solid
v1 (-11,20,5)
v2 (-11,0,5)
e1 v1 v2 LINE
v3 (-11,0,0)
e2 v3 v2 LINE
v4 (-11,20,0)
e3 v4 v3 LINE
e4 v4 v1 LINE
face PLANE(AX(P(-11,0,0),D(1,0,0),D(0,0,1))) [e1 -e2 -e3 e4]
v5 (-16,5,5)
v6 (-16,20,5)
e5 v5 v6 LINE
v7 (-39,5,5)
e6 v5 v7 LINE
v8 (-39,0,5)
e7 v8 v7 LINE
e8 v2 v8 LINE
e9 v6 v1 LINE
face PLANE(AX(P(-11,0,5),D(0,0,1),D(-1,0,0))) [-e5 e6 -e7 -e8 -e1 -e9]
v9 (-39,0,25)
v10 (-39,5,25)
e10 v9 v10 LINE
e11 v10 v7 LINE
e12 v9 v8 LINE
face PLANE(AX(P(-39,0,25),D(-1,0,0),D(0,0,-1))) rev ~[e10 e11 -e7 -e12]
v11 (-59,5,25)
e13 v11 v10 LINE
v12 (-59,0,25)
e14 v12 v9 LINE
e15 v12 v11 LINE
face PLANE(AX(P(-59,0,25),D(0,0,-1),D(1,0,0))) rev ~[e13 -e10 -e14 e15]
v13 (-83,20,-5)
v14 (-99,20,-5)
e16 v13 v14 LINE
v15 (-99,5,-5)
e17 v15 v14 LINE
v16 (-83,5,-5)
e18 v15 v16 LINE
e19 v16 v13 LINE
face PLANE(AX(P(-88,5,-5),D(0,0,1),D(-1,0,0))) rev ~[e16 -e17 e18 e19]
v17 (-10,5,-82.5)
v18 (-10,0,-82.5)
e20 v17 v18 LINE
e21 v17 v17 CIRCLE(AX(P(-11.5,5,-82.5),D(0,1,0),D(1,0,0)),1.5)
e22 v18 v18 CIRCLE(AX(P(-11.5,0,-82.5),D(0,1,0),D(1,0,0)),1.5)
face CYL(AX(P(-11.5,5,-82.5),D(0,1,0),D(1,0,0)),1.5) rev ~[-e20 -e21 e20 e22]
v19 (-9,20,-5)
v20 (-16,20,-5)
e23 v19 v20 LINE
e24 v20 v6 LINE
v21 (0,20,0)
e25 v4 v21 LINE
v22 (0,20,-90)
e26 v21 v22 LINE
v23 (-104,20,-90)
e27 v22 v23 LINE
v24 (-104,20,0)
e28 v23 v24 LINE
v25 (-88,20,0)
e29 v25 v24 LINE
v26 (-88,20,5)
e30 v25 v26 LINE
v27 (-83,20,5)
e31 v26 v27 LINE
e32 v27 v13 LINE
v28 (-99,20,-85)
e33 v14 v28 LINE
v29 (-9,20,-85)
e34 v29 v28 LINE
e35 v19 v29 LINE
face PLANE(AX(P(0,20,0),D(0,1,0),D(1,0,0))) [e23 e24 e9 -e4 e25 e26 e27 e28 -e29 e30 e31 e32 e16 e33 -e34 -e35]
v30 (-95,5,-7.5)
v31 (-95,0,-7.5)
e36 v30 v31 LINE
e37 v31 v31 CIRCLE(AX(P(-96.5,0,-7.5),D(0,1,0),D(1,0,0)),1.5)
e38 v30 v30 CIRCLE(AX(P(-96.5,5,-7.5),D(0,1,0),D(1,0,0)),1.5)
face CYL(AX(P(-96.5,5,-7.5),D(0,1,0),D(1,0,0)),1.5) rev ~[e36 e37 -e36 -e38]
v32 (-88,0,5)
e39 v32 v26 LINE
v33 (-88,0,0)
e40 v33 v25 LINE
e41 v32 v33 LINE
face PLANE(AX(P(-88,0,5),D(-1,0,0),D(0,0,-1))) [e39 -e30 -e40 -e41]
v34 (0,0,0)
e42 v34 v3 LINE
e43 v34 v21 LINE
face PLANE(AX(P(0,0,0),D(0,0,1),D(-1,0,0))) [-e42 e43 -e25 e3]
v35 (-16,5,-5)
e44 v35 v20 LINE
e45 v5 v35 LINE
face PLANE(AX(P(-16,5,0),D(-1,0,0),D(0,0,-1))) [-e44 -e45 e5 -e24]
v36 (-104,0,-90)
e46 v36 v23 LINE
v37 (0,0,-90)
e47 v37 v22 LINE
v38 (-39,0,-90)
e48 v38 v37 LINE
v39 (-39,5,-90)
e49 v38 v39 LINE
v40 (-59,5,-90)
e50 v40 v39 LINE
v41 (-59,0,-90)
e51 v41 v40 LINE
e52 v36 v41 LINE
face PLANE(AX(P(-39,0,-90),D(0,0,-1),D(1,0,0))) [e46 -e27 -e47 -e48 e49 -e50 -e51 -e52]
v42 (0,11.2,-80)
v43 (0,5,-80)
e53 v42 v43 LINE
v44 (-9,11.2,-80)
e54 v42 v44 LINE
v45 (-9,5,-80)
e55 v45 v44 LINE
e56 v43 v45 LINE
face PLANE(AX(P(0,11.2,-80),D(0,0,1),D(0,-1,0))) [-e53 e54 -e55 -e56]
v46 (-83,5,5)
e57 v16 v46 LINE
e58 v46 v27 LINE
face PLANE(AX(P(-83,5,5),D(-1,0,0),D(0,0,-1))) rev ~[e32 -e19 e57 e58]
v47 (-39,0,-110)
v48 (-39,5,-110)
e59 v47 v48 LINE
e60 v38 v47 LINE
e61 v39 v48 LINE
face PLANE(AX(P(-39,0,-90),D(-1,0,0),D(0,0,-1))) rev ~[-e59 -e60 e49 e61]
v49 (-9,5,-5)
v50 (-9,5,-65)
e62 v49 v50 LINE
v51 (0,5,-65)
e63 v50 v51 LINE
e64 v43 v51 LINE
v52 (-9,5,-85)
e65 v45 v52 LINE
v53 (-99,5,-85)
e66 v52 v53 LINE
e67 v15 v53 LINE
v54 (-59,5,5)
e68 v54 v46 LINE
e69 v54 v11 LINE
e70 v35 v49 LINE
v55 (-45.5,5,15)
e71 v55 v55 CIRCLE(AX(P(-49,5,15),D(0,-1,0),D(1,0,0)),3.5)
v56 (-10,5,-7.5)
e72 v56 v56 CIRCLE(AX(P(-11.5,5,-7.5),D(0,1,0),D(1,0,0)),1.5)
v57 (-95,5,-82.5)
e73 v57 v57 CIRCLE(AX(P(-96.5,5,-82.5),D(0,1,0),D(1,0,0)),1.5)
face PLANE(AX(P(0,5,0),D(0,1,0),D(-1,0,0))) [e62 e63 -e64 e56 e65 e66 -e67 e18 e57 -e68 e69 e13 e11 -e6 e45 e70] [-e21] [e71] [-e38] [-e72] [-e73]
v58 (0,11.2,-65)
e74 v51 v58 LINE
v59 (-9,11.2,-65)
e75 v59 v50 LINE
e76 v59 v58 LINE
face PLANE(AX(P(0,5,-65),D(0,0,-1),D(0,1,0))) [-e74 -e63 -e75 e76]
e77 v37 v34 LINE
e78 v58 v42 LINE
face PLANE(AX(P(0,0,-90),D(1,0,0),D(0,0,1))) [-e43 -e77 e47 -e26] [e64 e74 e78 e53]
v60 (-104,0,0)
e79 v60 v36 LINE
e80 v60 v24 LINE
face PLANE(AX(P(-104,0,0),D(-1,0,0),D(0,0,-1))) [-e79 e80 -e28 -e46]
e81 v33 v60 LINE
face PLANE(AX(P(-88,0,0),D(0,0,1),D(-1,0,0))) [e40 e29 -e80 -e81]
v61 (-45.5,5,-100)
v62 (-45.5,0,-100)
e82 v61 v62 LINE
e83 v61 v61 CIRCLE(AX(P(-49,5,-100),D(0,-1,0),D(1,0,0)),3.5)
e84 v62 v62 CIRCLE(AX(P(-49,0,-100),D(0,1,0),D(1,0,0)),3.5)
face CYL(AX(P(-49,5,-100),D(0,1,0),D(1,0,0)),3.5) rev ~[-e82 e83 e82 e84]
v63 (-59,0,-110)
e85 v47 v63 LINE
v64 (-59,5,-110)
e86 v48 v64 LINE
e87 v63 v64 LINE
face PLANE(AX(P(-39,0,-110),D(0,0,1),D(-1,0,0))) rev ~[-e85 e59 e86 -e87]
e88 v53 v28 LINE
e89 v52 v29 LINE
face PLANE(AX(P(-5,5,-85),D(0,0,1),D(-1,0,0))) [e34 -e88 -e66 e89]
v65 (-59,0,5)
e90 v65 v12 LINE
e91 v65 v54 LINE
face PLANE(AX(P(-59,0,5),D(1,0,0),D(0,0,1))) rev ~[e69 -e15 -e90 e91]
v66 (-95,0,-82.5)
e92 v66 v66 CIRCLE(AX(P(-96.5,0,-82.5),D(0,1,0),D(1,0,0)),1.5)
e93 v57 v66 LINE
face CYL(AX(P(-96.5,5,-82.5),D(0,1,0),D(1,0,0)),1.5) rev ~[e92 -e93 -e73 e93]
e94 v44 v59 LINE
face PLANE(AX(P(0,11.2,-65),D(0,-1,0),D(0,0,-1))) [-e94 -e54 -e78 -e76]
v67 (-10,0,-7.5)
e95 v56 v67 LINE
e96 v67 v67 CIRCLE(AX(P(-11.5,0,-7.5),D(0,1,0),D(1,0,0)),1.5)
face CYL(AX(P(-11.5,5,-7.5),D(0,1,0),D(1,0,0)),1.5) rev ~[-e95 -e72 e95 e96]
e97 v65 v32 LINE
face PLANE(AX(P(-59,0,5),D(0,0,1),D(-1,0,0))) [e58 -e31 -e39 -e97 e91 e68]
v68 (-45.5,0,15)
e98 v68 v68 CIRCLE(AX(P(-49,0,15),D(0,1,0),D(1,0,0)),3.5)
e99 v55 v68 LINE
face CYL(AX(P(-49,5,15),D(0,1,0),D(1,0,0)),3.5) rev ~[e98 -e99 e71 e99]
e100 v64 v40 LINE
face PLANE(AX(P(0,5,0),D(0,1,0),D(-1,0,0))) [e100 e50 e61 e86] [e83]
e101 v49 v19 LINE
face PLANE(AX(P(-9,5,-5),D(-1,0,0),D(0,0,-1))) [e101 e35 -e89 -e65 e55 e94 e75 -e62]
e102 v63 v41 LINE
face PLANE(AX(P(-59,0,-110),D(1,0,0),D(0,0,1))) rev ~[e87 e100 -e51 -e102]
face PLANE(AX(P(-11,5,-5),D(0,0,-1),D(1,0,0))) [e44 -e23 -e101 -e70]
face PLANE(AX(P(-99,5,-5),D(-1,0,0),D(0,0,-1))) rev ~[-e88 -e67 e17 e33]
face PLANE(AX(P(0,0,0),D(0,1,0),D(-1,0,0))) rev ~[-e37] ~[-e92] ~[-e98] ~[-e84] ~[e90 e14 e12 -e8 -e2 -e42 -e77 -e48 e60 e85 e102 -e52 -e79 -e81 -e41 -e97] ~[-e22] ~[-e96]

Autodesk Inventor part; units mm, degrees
ref_plane "YZ Plane" through (0, 0, 0) normal (1, 0, 0) x (0, 1, 0)
ref_plane "XZ Plane" through (0, 0, 0) normal (0, 1, 0) x (-1, 0, 0)
ref_plane "XY Plane" through (0, 0, 0) normal (0, 0, 1) x (1, 0, 0)
sketch "스케치1" plane through (0, 0, 0) normal (0, 1, 0) x (-1, 0, 0)
  line L0 (0, 0) -> (104, 0)
  line L1 (104, 0) -> (104, -90)
  line L2 (104, -90) -> (0, -90)
  line L3 (0, -90) -> (0, 0)
  line L4 (59, -90) -> (39, -90)
  line L5 (39, -90) -> (39, -110)
  line L6 (39, -110) -> (59, -110)
  line L7 (59, -110) -> (59, -90)
  line L8 (88, 0) -> (11, 0)
  line L9 (11, 0) -> (11, 5)
  line L10 (11, 5) -> (88, 5)
  line L11 (88, 5) -> (88, 0)
  line L12 (39, 5) -> (59, 5)
  line L13 (59, 5) -> (59, 25)
  line L14 (59, 25) -> (39, 25)
  line L15 (39, 25) -> (39, 5)
  point P0 (49, -110)
  point P1 (11, 2.5)
  point P2 (88, 2.5)
  dimension "d0" = 90
  dimension "d1" = 104
  dimension "d2" = 39
  dimension "d3" = 59
  dimension "d4" = 20
  dimension "d5" = 5
  dimension "d6" = 11
  dimension "d7" = 16
  dimension "d8" = 39
  dimension "d9" = 59
  dimension "d10" = 20
extrude "돌출1" add sketch "스케치1" along normal blind 5
sketch "스케치2" plane through (0, 5, 0) normal (0, 1, 0) x (1, 0, 0)
  line L0 (-88, -5) -> (-59, -5) projected
  line L1 (-88, -5) -> (-83, -5)
  line L2 (-83, -5) -> (-83, 5)
  line L3 (-83, 5) -> (-88, 5)
  line L4 (-88, 5) -> (-88, -5)
  line L5 (-104, 90) -> (-104, 0) projected
  line L6 (-104, 0) -> (-83, 0)
  line L7 (-83, 0) -> (-83, 5)
  line L8 (-83, 5) -> (-104, 5)
  line L9 (-104, 5) -> (-104, 0)
  line L10 (-104, 0) -> (-88, 0) projected
  line L11 (-59, 90) -> (-104, 90) projected
  line L12 (-104, 0) -> (-99, 0)
  line L13 (-99, 0) -> (-99, 90)
  line L14 (-99, 90) -> (-104, 90)
  line L15 (-104, 90) -> (-104, 0)
  line L16 (-104, 90) -> (0, 90)
  line L17 (0, 90) -> (0, 85)
  line L18 (0, 85) -> (-104, 85)
  line L19 (-104, 85) -> (-104, 90)
  line L20 (0, 90) -> (-5.4966, 90)
  line L21 (-39, -5) -> (-11, -5) projected
  line L22 (-11, -5) -> (-16.7717, -5)
  line L23 (-11, -5) -> (-16, -5)
  line L24 (-16, -5) -> (-16, 6.6946)
  line L25 (-11, 6.6946) -> (-11, -5)
  line L26 (-11, 0) -> (0, 0) projected
  line L27 (0, 0) -> (-5, 0)
  line L28 (-5, 0) -> (-5, 90)
  line L29 (-5, 90) -> (0, 90)
  line L30 (0, 90) -> (0, 0)
  line L31 (0, 0) -> (-16, 0)
  line L32 (-16, 0) -> (-16, 5)
  line L33 (-16, 5) -> (0, 5)
  line L34 (0, 5) -> (0, 0)
  point P0 (-88, 0)
  point P1 (-99, 5)
  point P2 (-99, 85)
  point P3 (-5, 85)
  point P4 (-5, 5)
  dimension "d13" = 5
  dimension "d14" = 5
  dimension "d15" = 5
  dimension "d16" = 5
  dimension "d17" = 5
  dimension "d18" = 5
  dimension "d19" = 5
extrude "돌출2" add sketch "스케치2" along normal blind 15
sketch "스케치4" plane through (0, 5, 0) normal (0, 1, 0) x (1, 0, 0)
  line L0 (-59, 90) -> (-104, 90) projected
  line L1 (-39, 110) -> (-59, 110) projected
  line L2 (-59, 90) -> (-39, 110)
  line L3 (-59, 110) -> (-59, 90) projected
  line L4 (-59, -25) -> (-39, -25) projected
  line L5 (-39, -25) -> (-39, -5) projected
  line L6 (-59, -25) -> (-39, -5)
  line L7 (-83, -5) -> (-59, -5) projected
  line L8 (-39, -25) -> (-59, -5)
  circle A0 centre (-49, -15) radius 3.5
  circle A1 centre (-49, 100) radius 3.5
  line L9 (-39, 90) -> (-39, 110) projected
  line L10 (-59, 110) -> (-39, 90)
  point P0 (0, 0)
  dimension "d23" = 7
  dimension "d24" = 7
extrude "돌출3" cut sketch "스케치4" against normal blind 15 contours A1 L10 L2 | L2 L10 A1 | L10 L2 A1 | L10 A1 L2 | A0 L8 L6 | L6 L8 A0 | L8 L6 A0 | L8 A0 L6
sketch "스케치5" plane through (0, 5, 0) normal (0, 1, 0) x (1, 0, 0)
  line L0 (-5, 5) -> (-5, 85) projected
  line L1 (-5, 85) -> (-99, 85) projected
  line L2 (-5, 5) -> (-8, 5)
  line L3 (-8, 5) -> (-8, 85)
  line L4 (-8, 85) -> (-5, 85)
  line L5 (-5, 85) -> (-5, 5)
  line L6 (0, 0) -> (0, 90) projected
  dimension "d27" = 8
extrude "돌출4" add sketch "스케치5" along normal blind 15
sketch "스케치6" plane through (0, 5, 0) normal (0, 1, 0) x (1, 0, 0)
  circle A0 centre (-96.5, 7.5) radius 1.5
  circle A1 centre (-96.5, 82.5) radius 1.5
  circle A2 centre (-10.5, 82.5) radius 1.5
  circle A3 centre (-10.5, 7.5) radius 1.5
  line L0 (-83, 5) -> (-99, 5) projected
  line L1 (-99, 5) -> (-99, 85) projected
  line L2 (-99, 85) -> (-8, 85) projected
  line L3 (-8, 85) -> (-8, 5) projected
  line L4 (-8, 5) -> (-16, 5) projected
  point P0 (0, 0)
  dimension "d30" = 3
  dimension "d31" = 3
  dimension "d32" = 3
  dimension "d33" = 3
  dimension "d34" = 2.5
  dimension "d35" = 2.5
  dimension "d36" = 2.5
  dimension "d37" = 2.5
  dimension "d38" = 2.5
  dimension "d39" = 2.5
  dimension "d40" = 2.5
  dimension "d41" = 2.5
extrude "돌출5" cut sketch "스케치6" against normal blind 30
sketch "스케치7" plane through (0, 0, 0) normal (1, 0, 0) x (0, 0, -1)
  line L0 (65, 11.2) -> (80, 11.2)
  line L1 (80, 11.2) -> (80, 5)
  line L2 (80, 5) -> (65, 5)
  line L3 (65, 5) -> (65, 11.2)
  line L4 (0, 0) -> (90, 0) projected
  line L5 (90, 0) -> (90, 20) projected
  point P0 (80, 8.1)
  dimension "d44" = 5
  dimension "d45" = 10
  dimension "d46" = 6.2
  dimension "d47" = 15
extrude "돌출6" cut sketch "스케치7" against normal blind 30
sketch "스케치9" plane through (0, 5, 0) normal (0, 1, 0) x (1, 0, 0)
  circle A0 centre (-10.5, 7.5) radius 1.5 projected
  circle A1 centre (-10.5, 7.5) radius 1.5
  circle A2 centre (-10.5, 82.5) radius 1.5 projected
  circle A3 centre (-10.5, 82.5) radius 1.5
  point P0 (0, 0)
extrude "돌출7" add sketch "스케치9" against normal blind 5
sketch "스케치10" plane through (0, 5, 0) normal (0, 1, 0) x (1, 0, 0)
  line L0 (-8, 85) -> (-8, 5) projected
  line L1 (-8, 85) -> (-99, 85) projected
  line L2 (-8, 5) -> (-9, 5)
  line L3 (-9, 5) -> (-9, 85)
  line L4 (-9, 85) -> (-8, 85)
  line L5 (-8, 85) -> (-8, 5)
  point P0 (0, 0)
  dimension "d52" = 1
extrude "돌출8" add sketch "스케치10" along normal blind 15
sketch "스케치11" plane through (-8, 5, -65) normal (1, 0, 0) x (0, 0, -1)
  line L0 (0, 0) -> (0, 6.2) projected
  line L1 (15, 6.2) -> (15, 0) projected
  line L2 (0, 6.2) -> (15, 6.2)
  line L3 (15, 6.2) -> (15, 0)
  line L4 (15, 0) -> (0, 0)
  line L5 (0, 0) -> (0, 6.2)
  point P0 (-65, -5)
extrude "돌출9" cut sketch "스케치11" against normal blind 15
sketch "스케치12" plane through (0, 5, 0) normal (0, 1, 0) x (1, 0, 0)
  circle A0 centre (-11.5, 7.5) radius 1.5
  circle A1 centre (-11.5, 82.5) radius 1.5
  line L0 (-9, 85) -> (-9, 5) projected
  line L1 (-9, 5) -> (-16, 5) projected
  line L2 (-99, 85) -> (-9, 85) projected
  point P0 (0, 0)
  dimension "d57" = 3
  dimension "d58" = 3
  dimension "d59" = 2.5
  dimension "d60" = 2.5
  dimension "d61" = 2.5
  dimension "d62" = 2.5
extrude "돌출10" cut sketch "스케치12" against normal blind 15
equation "\"TransitionRadius\" = BendRadius"
equation "\"BendRadius\" = 0.5"
properties part number "imu_case_new"
